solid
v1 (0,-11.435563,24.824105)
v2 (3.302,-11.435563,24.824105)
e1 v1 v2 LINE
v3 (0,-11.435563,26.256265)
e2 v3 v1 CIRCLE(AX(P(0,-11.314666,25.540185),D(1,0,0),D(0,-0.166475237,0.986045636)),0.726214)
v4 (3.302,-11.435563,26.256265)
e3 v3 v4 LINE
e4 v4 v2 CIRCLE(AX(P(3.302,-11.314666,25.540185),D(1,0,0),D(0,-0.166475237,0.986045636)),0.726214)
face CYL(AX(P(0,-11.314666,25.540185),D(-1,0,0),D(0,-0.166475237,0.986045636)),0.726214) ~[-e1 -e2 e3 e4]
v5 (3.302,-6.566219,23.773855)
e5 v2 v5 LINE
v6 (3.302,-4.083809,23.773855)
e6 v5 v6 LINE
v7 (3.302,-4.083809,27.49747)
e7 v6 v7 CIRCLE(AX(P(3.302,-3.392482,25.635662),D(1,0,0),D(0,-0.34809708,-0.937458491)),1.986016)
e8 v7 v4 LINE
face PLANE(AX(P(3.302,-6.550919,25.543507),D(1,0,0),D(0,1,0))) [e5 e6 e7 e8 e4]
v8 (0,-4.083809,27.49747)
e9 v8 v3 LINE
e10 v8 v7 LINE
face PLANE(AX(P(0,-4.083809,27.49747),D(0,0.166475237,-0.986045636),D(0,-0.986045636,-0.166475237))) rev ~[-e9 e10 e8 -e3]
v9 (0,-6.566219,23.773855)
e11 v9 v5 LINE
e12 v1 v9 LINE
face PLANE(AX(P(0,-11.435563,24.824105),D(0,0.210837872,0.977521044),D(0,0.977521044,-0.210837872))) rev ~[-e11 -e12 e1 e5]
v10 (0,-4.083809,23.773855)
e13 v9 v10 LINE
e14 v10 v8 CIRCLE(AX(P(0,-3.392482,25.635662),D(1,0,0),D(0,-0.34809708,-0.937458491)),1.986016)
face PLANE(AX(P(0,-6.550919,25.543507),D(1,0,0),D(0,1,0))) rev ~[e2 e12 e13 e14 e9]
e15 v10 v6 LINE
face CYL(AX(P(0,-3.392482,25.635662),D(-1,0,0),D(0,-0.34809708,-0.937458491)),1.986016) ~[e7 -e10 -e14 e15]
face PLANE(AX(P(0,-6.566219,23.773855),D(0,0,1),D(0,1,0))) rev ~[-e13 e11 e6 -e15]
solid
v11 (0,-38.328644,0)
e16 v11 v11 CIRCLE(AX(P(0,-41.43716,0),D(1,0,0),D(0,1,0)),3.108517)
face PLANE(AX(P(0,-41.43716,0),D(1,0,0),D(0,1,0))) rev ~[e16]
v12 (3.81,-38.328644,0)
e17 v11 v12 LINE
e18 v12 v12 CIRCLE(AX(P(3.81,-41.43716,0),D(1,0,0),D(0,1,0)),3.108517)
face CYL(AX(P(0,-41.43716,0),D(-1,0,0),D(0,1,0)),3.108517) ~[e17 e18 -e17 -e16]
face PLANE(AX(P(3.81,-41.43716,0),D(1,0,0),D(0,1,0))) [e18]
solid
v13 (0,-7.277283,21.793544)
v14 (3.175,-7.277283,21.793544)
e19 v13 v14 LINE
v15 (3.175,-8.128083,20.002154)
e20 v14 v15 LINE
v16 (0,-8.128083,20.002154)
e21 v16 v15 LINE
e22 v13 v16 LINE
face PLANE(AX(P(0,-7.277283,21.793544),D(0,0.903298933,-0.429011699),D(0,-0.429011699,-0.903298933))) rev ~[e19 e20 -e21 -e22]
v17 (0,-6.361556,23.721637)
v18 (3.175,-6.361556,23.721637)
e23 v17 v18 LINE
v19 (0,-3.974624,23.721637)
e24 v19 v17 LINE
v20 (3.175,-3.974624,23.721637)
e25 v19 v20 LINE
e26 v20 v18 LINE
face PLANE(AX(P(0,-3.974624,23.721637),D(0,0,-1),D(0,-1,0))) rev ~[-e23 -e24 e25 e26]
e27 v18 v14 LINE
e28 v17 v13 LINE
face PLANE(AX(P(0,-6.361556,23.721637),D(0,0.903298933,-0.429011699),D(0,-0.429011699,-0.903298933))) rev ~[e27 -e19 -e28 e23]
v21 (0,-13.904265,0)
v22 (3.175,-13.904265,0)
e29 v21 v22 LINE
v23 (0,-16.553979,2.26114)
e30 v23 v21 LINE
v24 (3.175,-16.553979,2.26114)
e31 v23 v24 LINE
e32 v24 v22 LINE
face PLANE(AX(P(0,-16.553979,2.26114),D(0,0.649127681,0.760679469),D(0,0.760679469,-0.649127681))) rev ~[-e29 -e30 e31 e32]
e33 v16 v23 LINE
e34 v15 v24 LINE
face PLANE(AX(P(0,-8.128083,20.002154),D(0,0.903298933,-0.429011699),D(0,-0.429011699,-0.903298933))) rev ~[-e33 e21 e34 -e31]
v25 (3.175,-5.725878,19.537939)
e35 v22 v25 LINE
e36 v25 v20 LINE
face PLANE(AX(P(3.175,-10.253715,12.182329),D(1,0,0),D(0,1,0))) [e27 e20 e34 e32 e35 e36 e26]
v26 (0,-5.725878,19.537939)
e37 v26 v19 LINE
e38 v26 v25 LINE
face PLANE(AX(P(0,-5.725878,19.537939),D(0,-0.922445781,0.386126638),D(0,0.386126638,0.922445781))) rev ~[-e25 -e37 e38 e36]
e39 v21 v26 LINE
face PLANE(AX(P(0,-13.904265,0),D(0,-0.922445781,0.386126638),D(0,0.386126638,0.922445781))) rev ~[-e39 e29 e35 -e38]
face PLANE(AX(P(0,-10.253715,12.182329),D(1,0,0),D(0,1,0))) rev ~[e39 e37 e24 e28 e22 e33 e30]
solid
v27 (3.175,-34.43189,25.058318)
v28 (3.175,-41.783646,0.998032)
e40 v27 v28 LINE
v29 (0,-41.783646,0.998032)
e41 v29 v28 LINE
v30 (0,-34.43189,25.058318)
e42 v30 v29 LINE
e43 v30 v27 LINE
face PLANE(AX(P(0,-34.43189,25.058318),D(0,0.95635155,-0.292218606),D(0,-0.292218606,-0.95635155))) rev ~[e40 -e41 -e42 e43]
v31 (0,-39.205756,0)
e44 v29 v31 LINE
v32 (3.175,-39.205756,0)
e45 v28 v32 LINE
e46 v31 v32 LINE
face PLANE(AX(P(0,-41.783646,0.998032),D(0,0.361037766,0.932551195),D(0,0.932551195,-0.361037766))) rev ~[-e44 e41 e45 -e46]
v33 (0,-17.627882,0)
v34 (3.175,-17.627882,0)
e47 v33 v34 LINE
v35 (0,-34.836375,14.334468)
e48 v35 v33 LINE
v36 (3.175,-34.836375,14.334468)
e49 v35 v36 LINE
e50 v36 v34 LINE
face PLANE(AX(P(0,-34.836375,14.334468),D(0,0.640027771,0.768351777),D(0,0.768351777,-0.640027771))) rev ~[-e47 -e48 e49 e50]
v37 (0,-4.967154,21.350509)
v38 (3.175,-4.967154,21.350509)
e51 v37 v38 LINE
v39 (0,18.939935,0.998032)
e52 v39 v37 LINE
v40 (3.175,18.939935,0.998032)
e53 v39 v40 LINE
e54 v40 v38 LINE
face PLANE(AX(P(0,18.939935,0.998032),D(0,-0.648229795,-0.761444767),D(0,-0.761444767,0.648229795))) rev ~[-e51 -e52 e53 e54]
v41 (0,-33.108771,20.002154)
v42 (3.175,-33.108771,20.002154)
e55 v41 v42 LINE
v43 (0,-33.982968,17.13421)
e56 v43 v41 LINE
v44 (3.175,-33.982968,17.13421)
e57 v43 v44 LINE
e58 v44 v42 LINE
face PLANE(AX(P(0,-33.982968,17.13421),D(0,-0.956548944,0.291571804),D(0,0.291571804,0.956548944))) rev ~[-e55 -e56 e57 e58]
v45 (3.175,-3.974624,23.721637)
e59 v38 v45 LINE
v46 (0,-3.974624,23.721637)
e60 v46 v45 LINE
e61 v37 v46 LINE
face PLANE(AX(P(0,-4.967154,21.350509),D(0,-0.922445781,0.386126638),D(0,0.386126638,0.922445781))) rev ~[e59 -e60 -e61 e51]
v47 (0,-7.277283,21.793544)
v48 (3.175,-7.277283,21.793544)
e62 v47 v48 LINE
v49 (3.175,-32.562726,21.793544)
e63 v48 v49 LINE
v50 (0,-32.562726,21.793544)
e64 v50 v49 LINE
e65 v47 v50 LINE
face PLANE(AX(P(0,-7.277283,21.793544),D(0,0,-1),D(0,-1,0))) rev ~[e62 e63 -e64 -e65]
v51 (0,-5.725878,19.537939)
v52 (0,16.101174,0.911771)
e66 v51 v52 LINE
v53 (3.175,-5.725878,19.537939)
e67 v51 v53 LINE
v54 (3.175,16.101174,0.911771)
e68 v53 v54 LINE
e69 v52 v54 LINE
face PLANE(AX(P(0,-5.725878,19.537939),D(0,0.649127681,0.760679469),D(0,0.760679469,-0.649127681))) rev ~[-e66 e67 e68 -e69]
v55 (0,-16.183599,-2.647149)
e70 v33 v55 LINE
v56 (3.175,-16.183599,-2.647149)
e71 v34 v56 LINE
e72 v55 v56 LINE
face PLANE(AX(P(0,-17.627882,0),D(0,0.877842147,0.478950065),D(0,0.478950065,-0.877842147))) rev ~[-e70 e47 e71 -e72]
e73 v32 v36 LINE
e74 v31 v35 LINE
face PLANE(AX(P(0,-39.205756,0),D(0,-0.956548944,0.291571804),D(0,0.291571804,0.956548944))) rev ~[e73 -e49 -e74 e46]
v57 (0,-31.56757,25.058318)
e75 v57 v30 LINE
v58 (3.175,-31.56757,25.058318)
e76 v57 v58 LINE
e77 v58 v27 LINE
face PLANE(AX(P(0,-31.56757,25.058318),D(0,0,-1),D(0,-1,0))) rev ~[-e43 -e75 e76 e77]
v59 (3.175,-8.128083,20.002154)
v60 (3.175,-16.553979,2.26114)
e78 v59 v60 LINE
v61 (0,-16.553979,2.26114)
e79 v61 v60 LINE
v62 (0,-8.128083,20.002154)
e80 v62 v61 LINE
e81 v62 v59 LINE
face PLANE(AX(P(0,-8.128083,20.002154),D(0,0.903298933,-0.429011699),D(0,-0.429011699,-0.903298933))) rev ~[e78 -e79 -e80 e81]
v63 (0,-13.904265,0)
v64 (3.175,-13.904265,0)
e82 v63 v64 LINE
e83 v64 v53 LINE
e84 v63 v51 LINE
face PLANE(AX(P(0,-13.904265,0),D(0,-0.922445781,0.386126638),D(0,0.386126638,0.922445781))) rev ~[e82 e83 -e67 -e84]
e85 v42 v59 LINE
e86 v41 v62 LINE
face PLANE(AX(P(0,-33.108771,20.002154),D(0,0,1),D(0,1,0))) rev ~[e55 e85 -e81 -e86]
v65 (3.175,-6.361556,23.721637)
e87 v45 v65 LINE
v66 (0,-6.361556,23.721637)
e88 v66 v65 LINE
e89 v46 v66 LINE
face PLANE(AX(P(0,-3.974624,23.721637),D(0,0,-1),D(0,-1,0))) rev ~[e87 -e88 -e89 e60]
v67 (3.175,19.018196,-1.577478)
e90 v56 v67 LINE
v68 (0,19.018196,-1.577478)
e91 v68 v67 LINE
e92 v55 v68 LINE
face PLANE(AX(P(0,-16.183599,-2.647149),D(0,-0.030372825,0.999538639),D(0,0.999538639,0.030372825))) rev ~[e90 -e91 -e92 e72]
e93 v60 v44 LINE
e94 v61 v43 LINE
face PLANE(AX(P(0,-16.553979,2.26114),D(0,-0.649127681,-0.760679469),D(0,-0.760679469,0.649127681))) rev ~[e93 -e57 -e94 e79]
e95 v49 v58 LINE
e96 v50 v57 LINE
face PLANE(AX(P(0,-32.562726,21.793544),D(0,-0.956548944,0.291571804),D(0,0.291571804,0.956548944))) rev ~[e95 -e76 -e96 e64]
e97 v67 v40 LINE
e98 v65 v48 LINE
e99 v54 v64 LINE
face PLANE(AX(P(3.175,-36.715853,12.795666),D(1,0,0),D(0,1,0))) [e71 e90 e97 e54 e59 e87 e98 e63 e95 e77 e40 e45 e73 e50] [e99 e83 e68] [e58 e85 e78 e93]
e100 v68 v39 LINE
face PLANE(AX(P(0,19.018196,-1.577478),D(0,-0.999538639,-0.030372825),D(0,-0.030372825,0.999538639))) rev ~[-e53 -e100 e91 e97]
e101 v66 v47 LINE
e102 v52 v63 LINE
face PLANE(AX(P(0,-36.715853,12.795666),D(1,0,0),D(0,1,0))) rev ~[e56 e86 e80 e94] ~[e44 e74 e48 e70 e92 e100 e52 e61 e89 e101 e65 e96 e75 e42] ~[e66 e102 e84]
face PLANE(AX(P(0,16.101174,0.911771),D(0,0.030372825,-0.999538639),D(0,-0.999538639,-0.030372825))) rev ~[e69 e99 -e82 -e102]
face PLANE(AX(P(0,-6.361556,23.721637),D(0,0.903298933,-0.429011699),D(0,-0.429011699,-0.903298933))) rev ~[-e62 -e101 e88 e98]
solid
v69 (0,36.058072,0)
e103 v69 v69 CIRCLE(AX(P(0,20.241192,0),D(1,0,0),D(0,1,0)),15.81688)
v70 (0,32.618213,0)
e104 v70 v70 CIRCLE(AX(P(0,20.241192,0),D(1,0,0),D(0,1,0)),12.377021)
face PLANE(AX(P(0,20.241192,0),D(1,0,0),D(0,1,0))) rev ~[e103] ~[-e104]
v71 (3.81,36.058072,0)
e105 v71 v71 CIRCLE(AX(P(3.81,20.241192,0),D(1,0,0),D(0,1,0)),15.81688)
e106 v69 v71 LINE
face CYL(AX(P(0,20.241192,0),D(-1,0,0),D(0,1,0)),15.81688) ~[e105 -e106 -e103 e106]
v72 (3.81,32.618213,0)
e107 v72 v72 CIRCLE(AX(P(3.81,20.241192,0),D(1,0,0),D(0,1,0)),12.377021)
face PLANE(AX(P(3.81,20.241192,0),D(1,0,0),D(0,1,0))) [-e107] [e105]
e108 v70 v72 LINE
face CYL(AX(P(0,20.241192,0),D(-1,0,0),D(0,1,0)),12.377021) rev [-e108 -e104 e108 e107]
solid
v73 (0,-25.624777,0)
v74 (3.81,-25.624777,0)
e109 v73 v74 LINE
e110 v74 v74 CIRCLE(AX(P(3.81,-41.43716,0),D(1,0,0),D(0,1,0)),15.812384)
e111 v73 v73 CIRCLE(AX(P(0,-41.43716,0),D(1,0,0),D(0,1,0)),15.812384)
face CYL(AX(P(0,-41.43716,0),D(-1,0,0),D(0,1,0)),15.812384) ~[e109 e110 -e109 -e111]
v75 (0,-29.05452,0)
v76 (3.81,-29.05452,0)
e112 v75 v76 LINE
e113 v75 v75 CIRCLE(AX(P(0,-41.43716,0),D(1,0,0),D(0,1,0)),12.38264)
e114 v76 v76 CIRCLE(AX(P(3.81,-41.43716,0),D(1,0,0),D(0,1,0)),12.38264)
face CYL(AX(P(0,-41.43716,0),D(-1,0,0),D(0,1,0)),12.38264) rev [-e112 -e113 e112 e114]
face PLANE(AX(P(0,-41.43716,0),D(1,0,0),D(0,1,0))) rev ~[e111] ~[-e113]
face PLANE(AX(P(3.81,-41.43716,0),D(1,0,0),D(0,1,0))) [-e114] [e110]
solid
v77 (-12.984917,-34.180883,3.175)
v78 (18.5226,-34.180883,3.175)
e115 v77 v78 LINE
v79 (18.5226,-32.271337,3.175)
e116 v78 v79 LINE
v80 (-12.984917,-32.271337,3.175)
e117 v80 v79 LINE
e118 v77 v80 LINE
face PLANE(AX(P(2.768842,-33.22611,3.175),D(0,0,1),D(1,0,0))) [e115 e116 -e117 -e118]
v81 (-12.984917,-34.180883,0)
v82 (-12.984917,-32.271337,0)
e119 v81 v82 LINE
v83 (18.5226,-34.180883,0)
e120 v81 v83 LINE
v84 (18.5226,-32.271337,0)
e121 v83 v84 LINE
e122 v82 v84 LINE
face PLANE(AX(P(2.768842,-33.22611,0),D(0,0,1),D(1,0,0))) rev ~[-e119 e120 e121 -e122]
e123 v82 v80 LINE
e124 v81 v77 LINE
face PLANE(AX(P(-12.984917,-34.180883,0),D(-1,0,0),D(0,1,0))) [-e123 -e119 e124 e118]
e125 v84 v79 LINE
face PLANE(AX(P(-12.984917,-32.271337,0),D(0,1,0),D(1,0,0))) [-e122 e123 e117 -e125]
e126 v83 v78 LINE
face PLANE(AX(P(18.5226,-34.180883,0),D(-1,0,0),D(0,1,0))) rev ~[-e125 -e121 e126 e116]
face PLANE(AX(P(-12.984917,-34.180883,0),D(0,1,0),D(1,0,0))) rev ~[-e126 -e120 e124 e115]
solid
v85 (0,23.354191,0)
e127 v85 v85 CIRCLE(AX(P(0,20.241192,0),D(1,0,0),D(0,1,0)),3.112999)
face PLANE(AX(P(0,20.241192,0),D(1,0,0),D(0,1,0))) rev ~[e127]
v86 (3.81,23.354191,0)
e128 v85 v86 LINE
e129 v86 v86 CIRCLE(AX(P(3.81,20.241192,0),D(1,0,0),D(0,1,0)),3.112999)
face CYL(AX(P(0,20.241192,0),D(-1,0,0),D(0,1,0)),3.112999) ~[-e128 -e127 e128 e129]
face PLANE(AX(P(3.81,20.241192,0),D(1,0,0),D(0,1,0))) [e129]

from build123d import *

# Parameters (mm, degrees)
F0_R      = 15.8123837024
F0_R_2    = 12.3826401133
F2_DEPTH  = 3.81
F0_R_3    = 3.1085165774
F1_R      = 15.8168802923
F1_R_2    = 12.3770214214
F3_DEPTH  = 3.81
F1_R_3    = 3.1129993009
F5_DEPTH  = 3.175
F6_DEPTH  = 3.175
F7_W      = 31.5075162798
F7_H      = 1.9095465541
F8_DEPTH  = 3.175
F10_DEPTH = 3.302


with BuildPart() as f2:
    # F0 (on Right) → F2 (new body)
    with BuildSketch(Plane.YZ):
        with Locations((-41.4371602237, 0)):
            Circle(F0_R)
        with Locations((-41.4371602237, 0)):
            Circle(F0_R_2, mode=Mode.SUBTRACT)
    extrude(amount=F2_DEPTH)


with BuildPart() as f2b:
    # F0 (on Right) → F2, piece 2 (new body)
    with BuildSketch(Plane.YZ):
        with Locations((-41.4371602237, 0)):
            Circle(F0_R_3)
    extrude(amount=F2_DEPTH)


with BuildPart() as f3:
    # F1 (on Right) → F3 (new body)
    with BuildSketch(Plane.YZ):
        with Locations((20.2411916107, 0)):
            Circle(F1_R)
        with Locations((20.2411916107, 0)):
            Circle(F1_R_2, mode=Mode.SUBTRACT)
    extrude(amount=F3_DEPTH)


with BuildPart() as f3b:
    # F1 (on Right) → F3, piece 2 (new body)
    with BuildSketch(Plane.YZ):
        with Locations((20.2411916107, 0)):
            Circle(F1_R_3)
    extrude(amount=F3_DEPTH)


with BuildPart() as f5:
    # F4 (on Right) → F5 (new body)
    with BuildSketch(Plane.YZ):
        Polygon((-6.3615562394, 23.7216372043), (-7.2772825496, 21.7935438685), (-8.1280829839, 20.0021542042), (-16.5539788906, 2.261139706), (-13.9042651281, 0), (-5.7258781987, 19.5379385445), (-4.9671542544, 21.3505089113), (-3.9746235125, 23.7216372043), align=None)
    extrude(amount=F5_DEPTH)


with BuildPart() as f6:
    # F4 (on Right) → F6 (new body)
    with BuildSketch(Plane.YZ):
        Polygon((-34.4318896532, 25.0583179295), (-41.7836457491, 0.9980315808), (-39.2057560384, 0), (-34.8363752453, 14.3344676299), (-33.9829678651, 17.1342099836), (-33.1087714375, 20.0021542042), (-32.5627264923, 21.7935438685), (-31.5675698221, 25.0583179295), align=None)
        Polygon((-33.9829678651, 17.1342099836), (-34.8363752453, 14.3344676299), (-17.6278818399, 0), (-16.5539788906, 2.261139706), align=None)
        Polygon((-7.2772825496, 21.7935438685), (-32.5627264923, 21.7935438685), (-33.1087714375, 20.0021542042), (-8.1280829839, 20.0021542042), align=None)
        Polygon((-16.5539788906, 2.261139706), (-17.6278818399, 0), (-13.9042651281, 0), align=None)
        Polygon((-13.9042651281, 0), (-17.6278818399, 0), (-16.1835990411, -2.6471492632), (19.018196273, -1.5774777948), (16.1011736358, 0.9117705916), align=None)
        Polygon((-6.3615562394, 23.7216372043), (-7.2772825496, 21.7935438685), (-8.1280829839, 20.0021542042), (-16.5539788906, 2.261139706), (-13.9042651281, 0), (-5.7258781987, 19.5379385445), (-4.9671542544, 21.3505089113), (-3.9746235125, 23.7216372043), align=None)
        Polygon((-5.7258781987, 19.5379385445), (16.1011736358, 0.9117705916), (18.9399346709, 0.9980315808), (-4.9671542544, 21.3505089113), align=None)
        Polygon((18.9399346709, 0.9980315808), (16.1011736358, 0.9117705916), (19.018196273, -1.5774777948), align=None)
    extrude(amount=F6_DEPTH)


with BuildPart() as f8:
    # F7 (on Top) → F8 (new body)
    with BuildSketch(Plane.XY):
        with Locations((2.7688415721, -33.2261100411)):
            Rectangle(F7_W, F7_H)
    extrude(amount=F8_DEPTH)


with BuildPart() as f10:
    # F9 (on Right) → F10 (new body)
    with BuildSketch(Plane.YZ):
        with BuildLine():
            Line((-6.5662190318, 23.7738545984), (-4.0838085115, 23.7738545984))
            ThreePointArc((-4.0838085115, 23.7738545984), (-1.4064656713, 25.6356624886), (-4.0838085115, 27.4974703789))
            Line((-4.0838085115, 27.4974703789), (-11.4355627447, 26.2562651187))
            ThreePointArc((-11.4355627447, 26.2562651187), (-12.0408799384, 25.5401851609), (-11.4355627447, 24.8241052032))
            Line((-11.4355627447, 24.8241052032), (-6.5662190318, 23.7738545984))
        make_face()
    extrude(amount=F10_DEPTH)


solid = Compound([f2.part, f2b.part, f3.part, f3b.part, f5.part, f6.part, f8.part, f10.part])
